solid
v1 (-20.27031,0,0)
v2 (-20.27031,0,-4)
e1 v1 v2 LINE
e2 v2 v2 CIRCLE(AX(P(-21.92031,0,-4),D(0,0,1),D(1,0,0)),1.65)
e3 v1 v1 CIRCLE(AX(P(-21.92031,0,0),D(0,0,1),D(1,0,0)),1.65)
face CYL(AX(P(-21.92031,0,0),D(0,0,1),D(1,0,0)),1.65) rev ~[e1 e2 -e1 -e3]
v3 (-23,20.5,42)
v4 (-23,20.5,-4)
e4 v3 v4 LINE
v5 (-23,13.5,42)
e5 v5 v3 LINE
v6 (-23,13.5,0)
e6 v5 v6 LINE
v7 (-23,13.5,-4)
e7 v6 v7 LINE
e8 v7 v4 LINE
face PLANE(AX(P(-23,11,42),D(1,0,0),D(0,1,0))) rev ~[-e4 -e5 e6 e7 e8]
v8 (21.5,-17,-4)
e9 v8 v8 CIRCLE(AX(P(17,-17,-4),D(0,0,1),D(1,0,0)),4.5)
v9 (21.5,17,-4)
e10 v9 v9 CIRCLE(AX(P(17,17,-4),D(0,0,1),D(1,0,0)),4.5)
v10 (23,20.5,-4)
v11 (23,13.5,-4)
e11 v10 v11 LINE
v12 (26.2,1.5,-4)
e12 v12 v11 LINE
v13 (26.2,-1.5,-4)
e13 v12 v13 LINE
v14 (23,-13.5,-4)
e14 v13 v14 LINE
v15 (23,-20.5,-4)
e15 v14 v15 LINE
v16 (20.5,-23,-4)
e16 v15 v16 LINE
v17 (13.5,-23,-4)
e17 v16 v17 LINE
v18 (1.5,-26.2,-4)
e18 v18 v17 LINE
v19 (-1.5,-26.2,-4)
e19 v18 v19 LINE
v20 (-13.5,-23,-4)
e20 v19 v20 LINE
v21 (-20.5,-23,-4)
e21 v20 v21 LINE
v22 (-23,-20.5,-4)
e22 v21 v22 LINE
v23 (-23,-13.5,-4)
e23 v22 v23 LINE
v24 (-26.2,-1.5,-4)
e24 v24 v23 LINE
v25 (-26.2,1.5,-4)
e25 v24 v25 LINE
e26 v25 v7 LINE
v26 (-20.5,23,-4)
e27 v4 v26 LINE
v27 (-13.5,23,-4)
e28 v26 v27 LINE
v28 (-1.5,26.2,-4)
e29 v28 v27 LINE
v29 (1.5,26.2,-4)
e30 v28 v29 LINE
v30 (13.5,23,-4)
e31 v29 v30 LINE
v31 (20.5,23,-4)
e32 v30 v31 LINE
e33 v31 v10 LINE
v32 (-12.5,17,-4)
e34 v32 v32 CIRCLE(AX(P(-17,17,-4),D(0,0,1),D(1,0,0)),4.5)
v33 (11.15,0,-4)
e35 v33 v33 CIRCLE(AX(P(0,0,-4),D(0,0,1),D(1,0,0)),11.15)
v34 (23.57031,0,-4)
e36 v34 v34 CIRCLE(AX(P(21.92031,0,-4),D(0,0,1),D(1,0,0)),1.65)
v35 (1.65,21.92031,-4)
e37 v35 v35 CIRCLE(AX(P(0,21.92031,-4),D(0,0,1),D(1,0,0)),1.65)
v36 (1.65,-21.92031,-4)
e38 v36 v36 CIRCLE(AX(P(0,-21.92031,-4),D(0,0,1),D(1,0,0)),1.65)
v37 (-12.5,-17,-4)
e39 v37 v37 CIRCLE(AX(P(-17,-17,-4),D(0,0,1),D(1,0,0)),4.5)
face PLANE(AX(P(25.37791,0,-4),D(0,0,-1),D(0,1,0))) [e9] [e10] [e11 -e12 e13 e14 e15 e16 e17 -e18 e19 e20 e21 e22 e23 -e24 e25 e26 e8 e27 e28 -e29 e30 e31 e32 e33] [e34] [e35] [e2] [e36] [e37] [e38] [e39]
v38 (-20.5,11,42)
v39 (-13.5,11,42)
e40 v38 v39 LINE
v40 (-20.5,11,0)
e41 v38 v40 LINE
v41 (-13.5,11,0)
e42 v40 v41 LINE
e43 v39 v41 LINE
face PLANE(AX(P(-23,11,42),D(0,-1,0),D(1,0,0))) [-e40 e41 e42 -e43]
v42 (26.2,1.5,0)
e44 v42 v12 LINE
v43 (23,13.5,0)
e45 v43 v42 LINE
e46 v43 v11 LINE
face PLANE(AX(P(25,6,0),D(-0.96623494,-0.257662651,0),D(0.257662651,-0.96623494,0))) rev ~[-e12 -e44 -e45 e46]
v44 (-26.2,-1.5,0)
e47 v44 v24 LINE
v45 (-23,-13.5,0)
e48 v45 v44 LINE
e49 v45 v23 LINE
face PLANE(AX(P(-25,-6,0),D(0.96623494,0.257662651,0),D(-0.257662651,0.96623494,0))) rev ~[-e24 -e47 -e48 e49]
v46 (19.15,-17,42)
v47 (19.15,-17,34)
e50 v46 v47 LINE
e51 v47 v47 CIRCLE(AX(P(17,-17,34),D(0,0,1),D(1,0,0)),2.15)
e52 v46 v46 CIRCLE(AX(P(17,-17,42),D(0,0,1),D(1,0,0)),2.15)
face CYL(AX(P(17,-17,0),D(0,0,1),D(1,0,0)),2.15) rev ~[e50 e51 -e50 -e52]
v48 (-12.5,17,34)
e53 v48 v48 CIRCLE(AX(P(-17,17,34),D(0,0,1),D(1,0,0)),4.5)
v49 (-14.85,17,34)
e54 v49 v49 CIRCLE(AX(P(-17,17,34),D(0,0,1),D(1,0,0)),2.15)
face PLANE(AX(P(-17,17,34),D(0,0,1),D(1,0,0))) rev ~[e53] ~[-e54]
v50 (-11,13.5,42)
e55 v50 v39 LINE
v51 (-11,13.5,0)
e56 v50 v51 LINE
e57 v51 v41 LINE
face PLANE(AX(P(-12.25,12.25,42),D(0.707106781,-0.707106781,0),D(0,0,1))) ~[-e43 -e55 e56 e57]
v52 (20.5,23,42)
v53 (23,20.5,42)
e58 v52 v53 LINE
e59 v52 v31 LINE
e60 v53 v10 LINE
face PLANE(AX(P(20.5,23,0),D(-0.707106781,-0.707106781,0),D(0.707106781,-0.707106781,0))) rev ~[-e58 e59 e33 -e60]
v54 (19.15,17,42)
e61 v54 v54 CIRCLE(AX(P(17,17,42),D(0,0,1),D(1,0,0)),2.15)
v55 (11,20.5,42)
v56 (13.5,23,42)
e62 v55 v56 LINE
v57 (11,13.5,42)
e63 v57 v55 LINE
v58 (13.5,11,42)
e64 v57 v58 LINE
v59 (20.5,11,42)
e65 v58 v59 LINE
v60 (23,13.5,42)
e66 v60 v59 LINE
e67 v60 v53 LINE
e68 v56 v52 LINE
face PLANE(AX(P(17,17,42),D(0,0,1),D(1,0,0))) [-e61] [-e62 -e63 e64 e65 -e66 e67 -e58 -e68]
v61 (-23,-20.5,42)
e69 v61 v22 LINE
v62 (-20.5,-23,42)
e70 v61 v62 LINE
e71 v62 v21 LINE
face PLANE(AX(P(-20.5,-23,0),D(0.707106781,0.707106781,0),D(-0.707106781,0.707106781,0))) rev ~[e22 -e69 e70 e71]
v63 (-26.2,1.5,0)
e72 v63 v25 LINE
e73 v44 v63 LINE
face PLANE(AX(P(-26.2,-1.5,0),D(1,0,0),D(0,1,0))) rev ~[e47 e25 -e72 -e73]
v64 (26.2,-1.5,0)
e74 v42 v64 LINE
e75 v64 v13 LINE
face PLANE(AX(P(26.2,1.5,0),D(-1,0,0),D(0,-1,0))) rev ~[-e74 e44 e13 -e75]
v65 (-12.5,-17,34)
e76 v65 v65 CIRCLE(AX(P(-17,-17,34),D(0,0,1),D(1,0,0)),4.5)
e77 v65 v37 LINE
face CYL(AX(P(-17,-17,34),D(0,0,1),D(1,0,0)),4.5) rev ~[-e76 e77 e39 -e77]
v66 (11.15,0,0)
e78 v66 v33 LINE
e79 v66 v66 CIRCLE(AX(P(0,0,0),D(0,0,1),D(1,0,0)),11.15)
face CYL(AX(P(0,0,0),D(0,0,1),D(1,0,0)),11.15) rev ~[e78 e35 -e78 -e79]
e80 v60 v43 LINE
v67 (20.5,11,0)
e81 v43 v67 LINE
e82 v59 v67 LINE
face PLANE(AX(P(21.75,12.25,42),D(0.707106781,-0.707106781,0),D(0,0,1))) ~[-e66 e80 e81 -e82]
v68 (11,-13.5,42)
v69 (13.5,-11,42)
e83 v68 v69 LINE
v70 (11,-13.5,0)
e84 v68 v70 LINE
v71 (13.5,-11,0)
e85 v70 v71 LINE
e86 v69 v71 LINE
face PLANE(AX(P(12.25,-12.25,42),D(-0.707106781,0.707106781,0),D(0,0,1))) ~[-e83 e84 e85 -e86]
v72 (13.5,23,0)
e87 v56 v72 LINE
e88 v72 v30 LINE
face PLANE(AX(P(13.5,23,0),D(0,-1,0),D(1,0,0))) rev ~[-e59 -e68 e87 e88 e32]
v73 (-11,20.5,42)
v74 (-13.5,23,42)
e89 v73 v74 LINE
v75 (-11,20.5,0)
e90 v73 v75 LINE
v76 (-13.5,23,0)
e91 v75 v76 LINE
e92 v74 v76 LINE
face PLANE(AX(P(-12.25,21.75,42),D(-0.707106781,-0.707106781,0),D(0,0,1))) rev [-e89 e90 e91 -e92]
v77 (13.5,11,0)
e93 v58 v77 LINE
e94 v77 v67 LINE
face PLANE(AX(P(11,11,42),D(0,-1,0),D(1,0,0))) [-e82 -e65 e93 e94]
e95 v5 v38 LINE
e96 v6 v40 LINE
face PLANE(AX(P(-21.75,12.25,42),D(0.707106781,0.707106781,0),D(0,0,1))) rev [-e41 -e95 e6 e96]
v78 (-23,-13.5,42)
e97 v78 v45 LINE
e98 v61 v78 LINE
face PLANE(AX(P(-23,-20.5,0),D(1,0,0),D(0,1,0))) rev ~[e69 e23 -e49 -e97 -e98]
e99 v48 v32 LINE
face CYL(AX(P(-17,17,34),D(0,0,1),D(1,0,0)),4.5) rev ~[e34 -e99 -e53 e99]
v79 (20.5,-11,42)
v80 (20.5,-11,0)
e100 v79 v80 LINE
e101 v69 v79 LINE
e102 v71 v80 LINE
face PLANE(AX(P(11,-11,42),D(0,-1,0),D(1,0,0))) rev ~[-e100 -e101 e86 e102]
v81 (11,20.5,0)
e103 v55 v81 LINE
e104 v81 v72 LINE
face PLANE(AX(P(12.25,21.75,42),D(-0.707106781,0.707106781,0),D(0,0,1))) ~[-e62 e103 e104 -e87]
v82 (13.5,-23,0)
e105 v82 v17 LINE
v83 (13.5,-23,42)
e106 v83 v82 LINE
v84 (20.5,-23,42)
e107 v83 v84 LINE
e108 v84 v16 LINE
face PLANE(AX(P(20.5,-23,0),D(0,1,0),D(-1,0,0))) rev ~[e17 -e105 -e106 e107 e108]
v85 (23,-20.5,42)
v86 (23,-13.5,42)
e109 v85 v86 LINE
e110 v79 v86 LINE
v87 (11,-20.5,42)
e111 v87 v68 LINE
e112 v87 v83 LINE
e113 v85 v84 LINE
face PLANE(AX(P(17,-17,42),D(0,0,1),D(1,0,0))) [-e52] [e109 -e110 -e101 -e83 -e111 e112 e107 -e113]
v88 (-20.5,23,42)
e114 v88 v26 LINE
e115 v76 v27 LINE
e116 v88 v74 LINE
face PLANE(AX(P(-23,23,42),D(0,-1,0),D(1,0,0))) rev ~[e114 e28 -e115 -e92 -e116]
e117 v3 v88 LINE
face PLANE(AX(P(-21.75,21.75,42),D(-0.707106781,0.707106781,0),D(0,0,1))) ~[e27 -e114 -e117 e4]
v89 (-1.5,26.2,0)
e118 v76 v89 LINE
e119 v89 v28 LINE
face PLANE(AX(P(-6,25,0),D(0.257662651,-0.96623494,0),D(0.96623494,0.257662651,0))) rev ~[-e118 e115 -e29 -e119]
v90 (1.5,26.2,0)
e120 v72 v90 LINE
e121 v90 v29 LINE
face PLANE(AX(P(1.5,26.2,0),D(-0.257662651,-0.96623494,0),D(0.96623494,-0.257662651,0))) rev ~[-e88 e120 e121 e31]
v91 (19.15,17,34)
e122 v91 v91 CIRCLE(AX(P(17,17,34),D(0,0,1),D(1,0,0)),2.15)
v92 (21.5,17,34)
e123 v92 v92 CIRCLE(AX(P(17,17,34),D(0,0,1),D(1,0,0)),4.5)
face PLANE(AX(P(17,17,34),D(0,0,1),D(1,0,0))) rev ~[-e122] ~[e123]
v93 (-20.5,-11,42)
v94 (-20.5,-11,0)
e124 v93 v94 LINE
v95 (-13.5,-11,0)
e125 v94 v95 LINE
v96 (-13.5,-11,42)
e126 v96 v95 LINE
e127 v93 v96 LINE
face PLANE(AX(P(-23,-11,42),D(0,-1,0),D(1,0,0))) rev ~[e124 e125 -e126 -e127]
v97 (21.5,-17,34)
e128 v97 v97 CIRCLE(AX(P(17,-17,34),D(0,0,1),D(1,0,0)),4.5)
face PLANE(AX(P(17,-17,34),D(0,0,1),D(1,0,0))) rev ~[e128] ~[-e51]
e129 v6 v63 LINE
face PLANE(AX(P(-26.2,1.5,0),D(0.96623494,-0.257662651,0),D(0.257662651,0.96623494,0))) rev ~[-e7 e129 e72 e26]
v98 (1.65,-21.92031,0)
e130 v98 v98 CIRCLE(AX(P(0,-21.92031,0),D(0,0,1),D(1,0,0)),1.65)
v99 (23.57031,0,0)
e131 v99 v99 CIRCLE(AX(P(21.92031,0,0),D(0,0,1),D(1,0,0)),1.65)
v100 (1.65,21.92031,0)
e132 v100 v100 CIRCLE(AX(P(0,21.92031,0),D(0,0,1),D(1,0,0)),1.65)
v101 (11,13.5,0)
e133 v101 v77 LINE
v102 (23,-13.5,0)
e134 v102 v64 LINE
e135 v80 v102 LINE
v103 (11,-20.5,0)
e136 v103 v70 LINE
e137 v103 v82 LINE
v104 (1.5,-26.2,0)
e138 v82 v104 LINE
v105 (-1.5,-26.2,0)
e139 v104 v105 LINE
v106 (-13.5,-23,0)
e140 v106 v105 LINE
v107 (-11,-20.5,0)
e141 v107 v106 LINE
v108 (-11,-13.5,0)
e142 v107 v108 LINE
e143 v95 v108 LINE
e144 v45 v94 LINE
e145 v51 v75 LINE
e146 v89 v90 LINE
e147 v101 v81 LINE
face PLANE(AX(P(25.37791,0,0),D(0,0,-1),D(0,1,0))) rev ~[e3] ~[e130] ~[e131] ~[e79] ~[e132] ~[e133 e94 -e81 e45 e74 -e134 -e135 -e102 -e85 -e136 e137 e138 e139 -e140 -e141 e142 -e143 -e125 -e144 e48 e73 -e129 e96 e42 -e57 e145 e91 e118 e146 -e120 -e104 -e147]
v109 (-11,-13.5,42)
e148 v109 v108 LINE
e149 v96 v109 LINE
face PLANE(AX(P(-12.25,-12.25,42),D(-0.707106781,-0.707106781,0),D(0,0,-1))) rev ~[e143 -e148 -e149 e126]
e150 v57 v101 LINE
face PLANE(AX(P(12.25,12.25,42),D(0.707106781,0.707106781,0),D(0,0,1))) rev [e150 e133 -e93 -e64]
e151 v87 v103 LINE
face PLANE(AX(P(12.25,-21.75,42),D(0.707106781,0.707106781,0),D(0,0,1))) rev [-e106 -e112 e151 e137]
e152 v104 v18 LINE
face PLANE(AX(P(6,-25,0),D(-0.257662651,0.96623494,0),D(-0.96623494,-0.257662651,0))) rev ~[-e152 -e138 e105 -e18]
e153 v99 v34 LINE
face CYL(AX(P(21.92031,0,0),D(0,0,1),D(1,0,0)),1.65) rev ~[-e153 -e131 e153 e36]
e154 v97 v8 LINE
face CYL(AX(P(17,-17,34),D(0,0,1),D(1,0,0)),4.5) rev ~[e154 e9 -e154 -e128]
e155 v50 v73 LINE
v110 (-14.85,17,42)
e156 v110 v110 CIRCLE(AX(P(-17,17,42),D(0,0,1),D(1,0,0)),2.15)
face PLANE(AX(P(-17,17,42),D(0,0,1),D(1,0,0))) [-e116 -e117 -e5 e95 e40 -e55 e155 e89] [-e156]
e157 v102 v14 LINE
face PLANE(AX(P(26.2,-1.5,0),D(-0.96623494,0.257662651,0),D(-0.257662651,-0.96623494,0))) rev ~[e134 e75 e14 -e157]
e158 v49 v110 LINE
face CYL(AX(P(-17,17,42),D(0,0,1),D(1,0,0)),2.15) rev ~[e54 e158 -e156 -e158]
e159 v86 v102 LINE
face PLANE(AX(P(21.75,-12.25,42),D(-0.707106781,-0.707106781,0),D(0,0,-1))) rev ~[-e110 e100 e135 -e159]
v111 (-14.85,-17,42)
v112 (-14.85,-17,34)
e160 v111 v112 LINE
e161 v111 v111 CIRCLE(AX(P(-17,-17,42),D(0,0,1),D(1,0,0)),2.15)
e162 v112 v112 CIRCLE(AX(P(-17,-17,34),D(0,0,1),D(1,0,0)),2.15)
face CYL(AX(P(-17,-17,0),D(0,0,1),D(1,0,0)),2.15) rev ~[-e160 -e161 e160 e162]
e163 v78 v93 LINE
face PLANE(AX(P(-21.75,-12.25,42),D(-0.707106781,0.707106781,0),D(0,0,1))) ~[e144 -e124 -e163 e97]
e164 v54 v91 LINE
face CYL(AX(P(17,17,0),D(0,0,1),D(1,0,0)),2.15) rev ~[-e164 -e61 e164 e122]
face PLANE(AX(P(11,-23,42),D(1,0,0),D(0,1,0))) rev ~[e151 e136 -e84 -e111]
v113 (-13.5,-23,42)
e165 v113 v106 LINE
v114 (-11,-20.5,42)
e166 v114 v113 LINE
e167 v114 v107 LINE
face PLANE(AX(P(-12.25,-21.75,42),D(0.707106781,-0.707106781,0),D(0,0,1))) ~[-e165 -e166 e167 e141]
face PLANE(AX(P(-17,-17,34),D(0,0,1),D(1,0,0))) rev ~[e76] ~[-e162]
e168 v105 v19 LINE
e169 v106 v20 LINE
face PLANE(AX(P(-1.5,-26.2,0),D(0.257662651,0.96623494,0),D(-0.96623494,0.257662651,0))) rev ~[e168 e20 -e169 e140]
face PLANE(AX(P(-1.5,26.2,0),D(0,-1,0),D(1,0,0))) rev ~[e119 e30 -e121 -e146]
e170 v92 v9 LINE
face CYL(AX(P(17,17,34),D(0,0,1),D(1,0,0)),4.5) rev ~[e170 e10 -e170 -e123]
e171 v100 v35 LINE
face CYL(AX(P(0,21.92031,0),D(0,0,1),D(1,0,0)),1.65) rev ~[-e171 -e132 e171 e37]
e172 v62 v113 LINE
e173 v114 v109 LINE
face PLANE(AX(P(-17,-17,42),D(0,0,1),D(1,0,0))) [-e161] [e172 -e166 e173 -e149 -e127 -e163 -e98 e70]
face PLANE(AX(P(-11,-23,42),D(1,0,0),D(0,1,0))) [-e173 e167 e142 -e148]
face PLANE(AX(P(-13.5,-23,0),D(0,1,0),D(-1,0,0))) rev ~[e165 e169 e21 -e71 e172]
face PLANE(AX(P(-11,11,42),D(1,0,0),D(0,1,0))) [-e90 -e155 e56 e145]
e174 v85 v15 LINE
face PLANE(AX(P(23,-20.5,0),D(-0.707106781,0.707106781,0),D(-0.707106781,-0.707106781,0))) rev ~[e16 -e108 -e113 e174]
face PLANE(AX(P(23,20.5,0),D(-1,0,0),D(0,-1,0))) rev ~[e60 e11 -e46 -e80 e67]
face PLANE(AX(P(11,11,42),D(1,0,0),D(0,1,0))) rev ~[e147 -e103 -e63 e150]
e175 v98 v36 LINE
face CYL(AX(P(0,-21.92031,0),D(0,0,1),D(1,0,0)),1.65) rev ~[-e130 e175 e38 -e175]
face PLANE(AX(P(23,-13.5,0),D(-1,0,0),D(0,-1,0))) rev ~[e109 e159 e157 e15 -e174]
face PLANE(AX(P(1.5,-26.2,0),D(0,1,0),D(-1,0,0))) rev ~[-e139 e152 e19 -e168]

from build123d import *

# Parameters (mm, degrees)
SKETCH1_W           = 50
SKETCH1_H           = 50
SKETCH1_R           = 11.15
SKETCH1_R_2         = 2.15
SKETCH1_R_3         = 1.65
BOSS_EXTRUDE1_DEPTH = 4
BOSS_EXTRUDE2_START = 42
SKETCH2_W           = 12
SKETCH2_H           = 12
SKETCH2_R           = 2.15
BOSS_EXTRUDE2_DEPTH = 42
CHAMFER1_SIZE       = 2.5
CUT_EXTRUDE1_START  = -8
SKETCH3_R           = 4.5
CUT_EXTRUDE1_DEPTH  = 51.017238817
SKETCH5_W           = 56
SKETCH5_H           = 56
CUT_EXTRUDE2_DEPTH  = 55.899908925
BOSS_EXTRUDE3_DEPTH = 4
CIRPATTERN1_COUNT   = 4


with BuildPart() as part:
    # Sketch1 → Boss-Extrude1 (new body)
    with BuildSketch(Plane.XY):
        Rectangle(SKETCH1_W, SKETCH1_H)
        Circle(SKETCH1_R, mode=Mode.SUBTRACT)
        with Locations((-17, 17)):
            Circle(SKETCH1_R_2, mode=Mode.SUBTRACT)
        with Locations((17, 17)):
            Circle(SKETCH1_R_2, mode=Mode.SUBTRACT)
        with Locations((17, -17)):
            Circle(SKETCH1_R_2, mode=Mode.SUBTRACT)
        with Locations((-17, -17)):
            Circle(SKETCH1_R_2, mode=Mode.SUBTRACT)
        with Locations((-21.920310217, 0)):
            Circle(SKETCH1_R_3, mode=Mode.SUBTRACT)
        with Locations((0, 21.920310217)):
            Circle(SKETCH1_R_3, mode=Mode.SUBTRACT)
        with Locations((21.920310217, 0)):
            Circle(SKETCH1_R_3, mode=Mode.SUBTRACT)
        with Locations((0, -21.920310217)):
            Circle(SKETCH1_R_3, mode=Mode.SUBTRACT)
    extrude(amount=-BOSS_EXTRUDE1_DEPTH)

    # Sketch2 → Boss-Extrude2 (add)
    # profile 1 of 4: a face of its own
    with BuildSketch(Plane.XY.offset(BOSS_EXTRUDE2_START)):
        with Locations((-17, 17)):
            Rectangle(SKETCH2_W, SKETCH2_H)
        with Locations((-17, 17)):
            Circle(SKETCH2_R, mode=Mode.SUBTRACT)
    # profile 2 of 4: a face of its own
    with BuildSketch(Plane.XY.offset(BOSS_EXTRUDE2_START)):
        with Locations((17, 17)):
            Rectangle(SKETCH2_W, SKETCH2_H)
        with Locations((17, 17)):
            Circle(SKETCH2_R, mode=Mode.SUBTRACT)
    # profile 3 of 4: a face of its own
    with BuildSketch(Plane.XY.offset(BOSS_EXTRUDE2_START)):
        with Locations((17, -17)):
            Rectangle(SKETCH2_W, SKETCH2_H)
        with Locations((17, -17)):
            Circle(SKETCH2_R, mode=Mode.SUBTRACT)
    # profile 4 of 4: a face of its own
    with BuildSketch(Plane.XY.offset(BOSS_EXTRUDE2_START)):
        with Locations((-17, -17)):
            Rectangle(SKETCH2_W, SKETCH2_H)
        with Locations((-17, -17)):
            Circle(SKETCH2_R, mode=Mode.SUBTRACT)
    extrude(amount=-BOSS_EXTRUDE2_DEPTH)

    # Chamfer1
    chamfer1_edges = [part.edges().sort_by_distance(p)[0] for p in [
        (-23, 23, 21),
        (-23, 11, 21),
        (-11, 11, 21),
        (-11, 23, 21),
        (23, 11, 21),
        (23, 23, 21),
        (11, 23, 21),
        (11, 11, 21),
        (23, -23, 21),
        (23, -11, 21),
        (11, -11, 21),
        (11, -23, 21),
        (-23, -11, 21),
        (-23, -23, 21),
        (-11, -23, 21),
        (-11, -11, 21),
    ]]
    chamfer(chamfer1_edges, length=CHAMFER1_SIZE)

    # Sketch3 → Cut-Extrude1 (cut, through all)
    with BuildSketch(Plane.XY.offset(42).offset(CUT_EXTRUDE1_START)):
        with Locations((-17, 17)):
            Circle(SKETCH3_R)
        with Locations((17, 17)):
            Circle(SKETCH3_R)
        with Locations((17, -17)):
            Circle(SKETCH3_R)
        with Locations((-17, -17)):
            Circle(SKETCH3_R)
    extrude(amount=-CUT_EXTRUDE1_DEPTH, mode=Mode.SUBTRACT)

    # Sketch5 → Cut-Extrude2 (cut, through all)
    with BuildSketch(Plane.XY):
        Rectangle(SKETCH5_W, SKETCH5_H)
        Polygon((-23, 20.5), (-20.5, 23), (-13.5, 23), (-6, 25), (6, 25), (13.5, 23), (20.5, 23), (23, 20.5), (23, 13.5), (25, 6), (25, -6), (23, -13.5), (23, -20.5), (20.5, -23), (13.5, -23), (6, -25), (-6, -25), (-13.5, -23), (-20.5, -23), (-23, -20.5), (-23, -13.5), (-25, -6), (-25, 6), (-23, 13.5), align=None, mode=Mode.SUBTRACT)
    extrude(amount=-CUT_EXTRUDE2_DEPTH, mode=Mode.SUBTRACT)

    # Sketch6 → Boss-Extrude3 (add)
    with BuildSketch(Plane.XY):
        Polygon((-6, 25), (-1.5, 26.2), (1.5, 26.2), (6, 25), align=None)
    boss_extrude3 = extrude(amount=-BOSS_EXTRUDE3_DEPTH)

    # CirPattern1: Boss-Extrude3 ×4 about axis
    cirpattern1_axis = Axis((0, 0, 0), (0, 0, 1))
    for i in range(1, CIRPATTERN1_COUNT):
        add(boss_extrude3.rotate(cirpattern1_axis, i * 360 / CIRPATTERN1_COUNT))


solid = part.part
